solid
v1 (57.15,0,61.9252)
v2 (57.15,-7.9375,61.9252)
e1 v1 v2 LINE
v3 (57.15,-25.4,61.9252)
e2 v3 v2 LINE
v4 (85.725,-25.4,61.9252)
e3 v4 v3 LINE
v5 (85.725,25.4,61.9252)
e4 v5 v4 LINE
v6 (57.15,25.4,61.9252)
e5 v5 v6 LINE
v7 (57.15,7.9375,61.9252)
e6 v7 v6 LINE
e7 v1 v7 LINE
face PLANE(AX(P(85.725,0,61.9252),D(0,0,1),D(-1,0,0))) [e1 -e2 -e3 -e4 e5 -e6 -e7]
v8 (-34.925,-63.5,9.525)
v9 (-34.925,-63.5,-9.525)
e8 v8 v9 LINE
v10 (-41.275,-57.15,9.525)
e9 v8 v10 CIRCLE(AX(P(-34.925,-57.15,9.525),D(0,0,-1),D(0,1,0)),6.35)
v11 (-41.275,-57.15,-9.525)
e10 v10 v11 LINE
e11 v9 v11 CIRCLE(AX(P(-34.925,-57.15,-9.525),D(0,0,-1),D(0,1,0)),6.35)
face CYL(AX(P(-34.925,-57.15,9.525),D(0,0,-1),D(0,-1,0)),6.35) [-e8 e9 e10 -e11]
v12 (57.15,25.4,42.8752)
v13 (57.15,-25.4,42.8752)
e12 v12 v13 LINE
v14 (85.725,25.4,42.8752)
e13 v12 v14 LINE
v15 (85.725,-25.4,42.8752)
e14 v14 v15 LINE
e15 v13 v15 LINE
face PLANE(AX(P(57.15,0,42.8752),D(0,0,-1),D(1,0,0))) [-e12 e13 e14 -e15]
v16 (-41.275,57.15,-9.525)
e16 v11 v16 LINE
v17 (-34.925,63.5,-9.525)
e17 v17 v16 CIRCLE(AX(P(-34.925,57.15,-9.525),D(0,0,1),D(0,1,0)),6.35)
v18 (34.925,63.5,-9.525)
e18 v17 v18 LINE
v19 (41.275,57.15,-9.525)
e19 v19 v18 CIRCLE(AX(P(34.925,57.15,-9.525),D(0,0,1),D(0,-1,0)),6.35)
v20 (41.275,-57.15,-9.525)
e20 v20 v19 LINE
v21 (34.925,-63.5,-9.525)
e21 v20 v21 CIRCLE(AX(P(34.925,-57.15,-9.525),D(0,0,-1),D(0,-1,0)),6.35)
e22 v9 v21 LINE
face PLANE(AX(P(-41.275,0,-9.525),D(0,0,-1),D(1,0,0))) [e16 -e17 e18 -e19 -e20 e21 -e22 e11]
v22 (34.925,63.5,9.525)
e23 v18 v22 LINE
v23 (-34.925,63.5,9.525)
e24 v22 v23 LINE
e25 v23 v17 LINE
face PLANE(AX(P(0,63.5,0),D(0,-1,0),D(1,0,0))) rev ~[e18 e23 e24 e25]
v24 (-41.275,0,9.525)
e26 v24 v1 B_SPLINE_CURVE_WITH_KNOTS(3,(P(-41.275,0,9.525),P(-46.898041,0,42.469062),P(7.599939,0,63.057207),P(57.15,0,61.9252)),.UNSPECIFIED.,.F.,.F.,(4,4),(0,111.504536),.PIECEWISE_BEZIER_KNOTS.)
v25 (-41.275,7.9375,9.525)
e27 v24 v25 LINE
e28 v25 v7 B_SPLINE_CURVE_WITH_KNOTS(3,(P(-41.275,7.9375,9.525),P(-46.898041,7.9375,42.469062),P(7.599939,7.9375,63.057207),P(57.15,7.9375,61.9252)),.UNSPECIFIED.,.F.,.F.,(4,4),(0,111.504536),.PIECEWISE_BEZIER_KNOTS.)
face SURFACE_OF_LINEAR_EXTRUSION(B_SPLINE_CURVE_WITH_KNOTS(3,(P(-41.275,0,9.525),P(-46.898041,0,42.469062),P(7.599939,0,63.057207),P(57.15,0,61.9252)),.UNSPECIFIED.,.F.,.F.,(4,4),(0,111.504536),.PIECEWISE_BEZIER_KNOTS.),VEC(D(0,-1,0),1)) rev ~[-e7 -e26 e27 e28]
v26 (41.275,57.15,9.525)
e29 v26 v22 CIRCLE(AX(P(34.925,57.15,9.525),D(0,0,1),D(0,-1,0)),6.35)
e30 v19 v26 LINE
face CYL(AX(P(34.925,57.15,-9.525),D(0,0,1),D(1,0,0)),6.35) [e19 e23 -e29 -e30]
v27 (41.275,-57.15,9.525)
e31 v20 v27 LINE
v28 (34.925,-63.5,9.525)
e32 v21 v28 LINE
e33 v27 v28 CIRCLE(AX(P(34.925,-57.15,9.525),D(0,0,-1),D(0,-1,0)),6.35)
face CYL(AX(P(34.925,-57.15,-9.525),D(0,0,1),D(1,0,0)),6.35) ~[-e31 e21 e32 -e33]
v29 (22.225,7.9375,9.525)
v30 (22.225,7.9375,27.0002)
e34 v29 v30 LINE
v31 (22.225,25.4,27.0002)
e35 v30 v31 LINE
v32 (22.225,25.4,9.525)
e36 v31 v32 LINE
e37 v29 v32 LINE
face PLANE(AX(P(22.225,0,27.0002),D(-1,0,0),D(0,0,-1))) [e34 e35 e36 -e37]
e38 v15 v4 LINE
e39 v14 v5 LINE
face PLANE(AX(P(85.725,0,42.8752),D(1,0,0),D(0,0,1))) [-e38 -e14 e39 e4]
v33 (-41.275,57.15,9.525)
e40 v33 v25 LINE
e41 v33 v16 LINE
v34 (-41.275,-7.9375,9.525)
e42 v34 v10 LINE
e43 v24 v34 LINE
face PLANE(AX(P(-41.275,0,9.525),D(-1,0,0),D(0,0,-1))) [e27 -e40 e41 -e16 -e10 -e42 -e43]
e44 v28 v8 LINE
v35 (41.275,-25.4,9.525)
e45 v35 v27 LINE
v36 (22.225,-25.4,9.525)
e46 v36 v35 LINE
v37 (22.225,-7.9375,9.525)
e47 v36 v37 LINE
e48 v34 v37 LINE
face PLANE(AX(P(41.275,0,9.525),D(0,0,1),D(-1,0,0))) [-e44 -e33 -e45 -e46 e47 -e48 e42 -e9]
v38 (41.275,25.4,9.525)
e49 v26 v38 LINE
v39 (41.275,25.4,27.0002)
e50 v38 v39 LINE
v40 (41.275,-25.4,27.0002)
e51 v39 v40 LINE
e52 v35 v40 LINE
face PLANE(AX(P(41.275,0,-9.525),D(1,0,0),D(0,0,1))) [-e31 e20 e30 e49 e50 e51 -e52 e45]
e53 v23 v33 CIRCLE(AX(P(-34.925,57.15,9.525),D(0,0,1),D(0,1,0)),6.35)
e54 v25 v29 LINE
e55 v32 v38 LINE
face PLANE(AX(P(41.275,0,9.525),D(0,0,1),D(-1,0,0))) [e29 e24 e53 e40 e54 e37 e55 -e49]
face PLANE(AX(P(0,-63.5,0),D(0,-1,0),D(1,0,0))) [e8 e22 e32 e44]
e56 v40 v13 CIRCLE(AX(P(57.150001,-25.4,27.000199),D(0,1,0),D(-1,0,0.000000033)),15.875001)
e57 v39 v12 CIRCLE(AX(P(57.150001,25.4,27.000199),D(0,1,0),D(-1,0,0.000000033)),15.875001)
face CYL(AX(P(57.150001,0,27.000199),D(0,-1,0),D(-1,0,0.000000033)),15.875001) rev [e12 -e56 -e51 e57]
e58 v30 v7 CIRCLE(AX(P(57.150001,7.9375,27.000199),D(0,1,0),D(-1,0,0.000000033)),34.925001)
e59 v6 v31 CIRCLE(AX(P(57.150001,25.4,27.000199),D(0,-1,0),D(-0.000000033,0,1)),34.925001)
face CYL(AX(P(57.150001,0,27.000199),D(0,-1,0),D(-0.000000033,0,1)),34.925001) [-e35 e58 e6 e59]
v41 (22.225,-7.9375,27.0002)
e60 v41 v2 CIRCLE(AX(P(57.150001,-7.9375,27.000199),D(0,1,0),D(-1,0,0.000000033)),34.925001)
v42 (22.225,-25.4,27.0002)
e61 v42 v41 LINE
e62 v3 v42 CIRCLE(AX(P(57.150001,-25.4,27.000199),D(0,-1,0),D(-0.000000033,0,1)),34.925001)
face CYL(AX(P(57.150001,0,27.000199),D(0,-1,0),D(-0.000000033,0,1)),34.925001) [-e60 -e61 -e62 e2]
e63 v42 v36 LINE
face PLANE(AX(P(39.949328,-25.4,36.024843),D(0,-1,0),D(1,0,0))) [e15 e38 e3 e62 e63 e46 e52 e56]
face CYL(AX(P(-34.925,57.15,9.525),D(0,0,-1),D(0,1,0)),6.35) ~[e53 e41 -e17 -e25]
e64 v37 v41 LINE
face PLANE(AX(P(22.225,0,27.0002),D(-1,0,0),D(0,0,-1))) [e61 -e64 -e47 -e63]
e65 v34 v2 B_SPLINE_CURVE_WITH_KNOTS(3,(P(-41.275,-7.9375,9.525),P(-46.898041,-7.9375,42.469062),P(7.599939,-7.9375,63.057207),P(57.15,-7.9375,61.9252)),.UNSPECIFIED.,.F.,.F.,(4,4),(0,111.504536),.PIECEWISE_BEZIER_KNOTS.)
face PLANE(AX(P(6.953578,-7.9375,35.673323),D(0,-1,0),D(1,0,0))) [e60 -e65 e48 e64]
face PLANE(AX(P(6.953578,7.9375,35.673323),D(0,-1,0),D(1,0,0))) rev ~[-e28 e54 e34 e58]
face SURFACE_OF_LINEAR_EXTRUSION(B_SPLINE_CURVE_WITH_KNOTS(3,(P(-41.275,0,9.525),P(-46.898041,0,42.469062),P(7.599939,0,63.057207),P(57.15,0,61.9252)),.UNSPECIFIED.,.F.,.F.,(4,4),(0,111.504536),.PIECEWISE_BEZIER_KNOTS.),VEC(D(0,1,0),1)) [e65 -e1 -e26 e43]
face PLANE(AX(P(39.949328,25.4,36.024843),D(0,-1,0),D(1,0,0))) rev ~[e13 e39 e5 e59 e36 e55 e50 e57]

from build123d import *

# Parameters (mm, degrees)
F1_DEPTH = 63.5
F0_W     = 25.4
F0_H     = 19.05
F2_DEPTH = 25.4
F3_DEPTH = 7.9375
F4_R     = 6.35


with BuildPart() as f1:
    # F0 (on Front) → F1 (new body, symmetric)
    with BuildSketch(Plane.XZ):
        Polygon((41.275, -9.525), (41.275, 9.525), (22.225, 9.525), (-41.275, 9.525), (-41.275, -9.525), align=None)
    extrude(amount=F1_DEPTH, both=True)

    # F0 (on Front) → F2 (join, symmetric)
    with BuildSketch(Plane.XZ):
        with BuildLine():
            Line((22.225, 9.525), (41.275, 9.525))
            Line((41.275, 9.525), (41.275, 27.0002))
            ThreePointArc((41.275, 27.0002), (45.92468, 38.22552), (57.15, 42.8752))
            Line((57.15, 42.8752), (60.325, 42.8752))
            Line((60.325, 42.8752), (60.325, 61.9252))
            Line((60.325, 61.9252), (57.15, 61.9252))
            ThreePointArc((57.15, 61.9252), (32.454296, 51.695904), (22.225, 27.0002))
            Line((22.225, 27.0002), (22.225, 9.525))
        make_face()
        with Locations((73.025, 52.4002)):
            Rectangle(F0_W, F0_H)
    extrude(amount=F2_DEPTH, both=True)

    # F0 (on Front) → F3 (join, symmetric)
    with BuildSketch(Plane.XZ):
        with BuildLine():
            Line((-41.275, 9.525), (22.225, 9.525))
            Line((22.225, 9.525), (22.225, 27.0002))
            ThreePointArc((22.225, 27.0002), (32.454296, 51.695904), (57.15, 61.9252))
            add(Edge.make_bspline(
                [(-41.275, 9.525), (-46.898041, 42.469062), (7.599939, 63.057207), (57.15, 61.9252)],
                knots=[0, 0, 0, 0, 111.504536, 111.504536, 111.504536, 111.504536], degree=3))
        make_face()
    extrude(amount=F3_DEPTH, both=True)

    # F4
    f4_edges = [f1.edges().sort_by_distance(p)[0] for p in [
        (41.275, -63.5, 0),
        (-41.275, -63.5, 0),
        (41.275, 63.5, 0),
        (-41.275, 63.5, 0),
    ]]
    fillet(f4_edges, radius=F4_R)


solid = f1.part
